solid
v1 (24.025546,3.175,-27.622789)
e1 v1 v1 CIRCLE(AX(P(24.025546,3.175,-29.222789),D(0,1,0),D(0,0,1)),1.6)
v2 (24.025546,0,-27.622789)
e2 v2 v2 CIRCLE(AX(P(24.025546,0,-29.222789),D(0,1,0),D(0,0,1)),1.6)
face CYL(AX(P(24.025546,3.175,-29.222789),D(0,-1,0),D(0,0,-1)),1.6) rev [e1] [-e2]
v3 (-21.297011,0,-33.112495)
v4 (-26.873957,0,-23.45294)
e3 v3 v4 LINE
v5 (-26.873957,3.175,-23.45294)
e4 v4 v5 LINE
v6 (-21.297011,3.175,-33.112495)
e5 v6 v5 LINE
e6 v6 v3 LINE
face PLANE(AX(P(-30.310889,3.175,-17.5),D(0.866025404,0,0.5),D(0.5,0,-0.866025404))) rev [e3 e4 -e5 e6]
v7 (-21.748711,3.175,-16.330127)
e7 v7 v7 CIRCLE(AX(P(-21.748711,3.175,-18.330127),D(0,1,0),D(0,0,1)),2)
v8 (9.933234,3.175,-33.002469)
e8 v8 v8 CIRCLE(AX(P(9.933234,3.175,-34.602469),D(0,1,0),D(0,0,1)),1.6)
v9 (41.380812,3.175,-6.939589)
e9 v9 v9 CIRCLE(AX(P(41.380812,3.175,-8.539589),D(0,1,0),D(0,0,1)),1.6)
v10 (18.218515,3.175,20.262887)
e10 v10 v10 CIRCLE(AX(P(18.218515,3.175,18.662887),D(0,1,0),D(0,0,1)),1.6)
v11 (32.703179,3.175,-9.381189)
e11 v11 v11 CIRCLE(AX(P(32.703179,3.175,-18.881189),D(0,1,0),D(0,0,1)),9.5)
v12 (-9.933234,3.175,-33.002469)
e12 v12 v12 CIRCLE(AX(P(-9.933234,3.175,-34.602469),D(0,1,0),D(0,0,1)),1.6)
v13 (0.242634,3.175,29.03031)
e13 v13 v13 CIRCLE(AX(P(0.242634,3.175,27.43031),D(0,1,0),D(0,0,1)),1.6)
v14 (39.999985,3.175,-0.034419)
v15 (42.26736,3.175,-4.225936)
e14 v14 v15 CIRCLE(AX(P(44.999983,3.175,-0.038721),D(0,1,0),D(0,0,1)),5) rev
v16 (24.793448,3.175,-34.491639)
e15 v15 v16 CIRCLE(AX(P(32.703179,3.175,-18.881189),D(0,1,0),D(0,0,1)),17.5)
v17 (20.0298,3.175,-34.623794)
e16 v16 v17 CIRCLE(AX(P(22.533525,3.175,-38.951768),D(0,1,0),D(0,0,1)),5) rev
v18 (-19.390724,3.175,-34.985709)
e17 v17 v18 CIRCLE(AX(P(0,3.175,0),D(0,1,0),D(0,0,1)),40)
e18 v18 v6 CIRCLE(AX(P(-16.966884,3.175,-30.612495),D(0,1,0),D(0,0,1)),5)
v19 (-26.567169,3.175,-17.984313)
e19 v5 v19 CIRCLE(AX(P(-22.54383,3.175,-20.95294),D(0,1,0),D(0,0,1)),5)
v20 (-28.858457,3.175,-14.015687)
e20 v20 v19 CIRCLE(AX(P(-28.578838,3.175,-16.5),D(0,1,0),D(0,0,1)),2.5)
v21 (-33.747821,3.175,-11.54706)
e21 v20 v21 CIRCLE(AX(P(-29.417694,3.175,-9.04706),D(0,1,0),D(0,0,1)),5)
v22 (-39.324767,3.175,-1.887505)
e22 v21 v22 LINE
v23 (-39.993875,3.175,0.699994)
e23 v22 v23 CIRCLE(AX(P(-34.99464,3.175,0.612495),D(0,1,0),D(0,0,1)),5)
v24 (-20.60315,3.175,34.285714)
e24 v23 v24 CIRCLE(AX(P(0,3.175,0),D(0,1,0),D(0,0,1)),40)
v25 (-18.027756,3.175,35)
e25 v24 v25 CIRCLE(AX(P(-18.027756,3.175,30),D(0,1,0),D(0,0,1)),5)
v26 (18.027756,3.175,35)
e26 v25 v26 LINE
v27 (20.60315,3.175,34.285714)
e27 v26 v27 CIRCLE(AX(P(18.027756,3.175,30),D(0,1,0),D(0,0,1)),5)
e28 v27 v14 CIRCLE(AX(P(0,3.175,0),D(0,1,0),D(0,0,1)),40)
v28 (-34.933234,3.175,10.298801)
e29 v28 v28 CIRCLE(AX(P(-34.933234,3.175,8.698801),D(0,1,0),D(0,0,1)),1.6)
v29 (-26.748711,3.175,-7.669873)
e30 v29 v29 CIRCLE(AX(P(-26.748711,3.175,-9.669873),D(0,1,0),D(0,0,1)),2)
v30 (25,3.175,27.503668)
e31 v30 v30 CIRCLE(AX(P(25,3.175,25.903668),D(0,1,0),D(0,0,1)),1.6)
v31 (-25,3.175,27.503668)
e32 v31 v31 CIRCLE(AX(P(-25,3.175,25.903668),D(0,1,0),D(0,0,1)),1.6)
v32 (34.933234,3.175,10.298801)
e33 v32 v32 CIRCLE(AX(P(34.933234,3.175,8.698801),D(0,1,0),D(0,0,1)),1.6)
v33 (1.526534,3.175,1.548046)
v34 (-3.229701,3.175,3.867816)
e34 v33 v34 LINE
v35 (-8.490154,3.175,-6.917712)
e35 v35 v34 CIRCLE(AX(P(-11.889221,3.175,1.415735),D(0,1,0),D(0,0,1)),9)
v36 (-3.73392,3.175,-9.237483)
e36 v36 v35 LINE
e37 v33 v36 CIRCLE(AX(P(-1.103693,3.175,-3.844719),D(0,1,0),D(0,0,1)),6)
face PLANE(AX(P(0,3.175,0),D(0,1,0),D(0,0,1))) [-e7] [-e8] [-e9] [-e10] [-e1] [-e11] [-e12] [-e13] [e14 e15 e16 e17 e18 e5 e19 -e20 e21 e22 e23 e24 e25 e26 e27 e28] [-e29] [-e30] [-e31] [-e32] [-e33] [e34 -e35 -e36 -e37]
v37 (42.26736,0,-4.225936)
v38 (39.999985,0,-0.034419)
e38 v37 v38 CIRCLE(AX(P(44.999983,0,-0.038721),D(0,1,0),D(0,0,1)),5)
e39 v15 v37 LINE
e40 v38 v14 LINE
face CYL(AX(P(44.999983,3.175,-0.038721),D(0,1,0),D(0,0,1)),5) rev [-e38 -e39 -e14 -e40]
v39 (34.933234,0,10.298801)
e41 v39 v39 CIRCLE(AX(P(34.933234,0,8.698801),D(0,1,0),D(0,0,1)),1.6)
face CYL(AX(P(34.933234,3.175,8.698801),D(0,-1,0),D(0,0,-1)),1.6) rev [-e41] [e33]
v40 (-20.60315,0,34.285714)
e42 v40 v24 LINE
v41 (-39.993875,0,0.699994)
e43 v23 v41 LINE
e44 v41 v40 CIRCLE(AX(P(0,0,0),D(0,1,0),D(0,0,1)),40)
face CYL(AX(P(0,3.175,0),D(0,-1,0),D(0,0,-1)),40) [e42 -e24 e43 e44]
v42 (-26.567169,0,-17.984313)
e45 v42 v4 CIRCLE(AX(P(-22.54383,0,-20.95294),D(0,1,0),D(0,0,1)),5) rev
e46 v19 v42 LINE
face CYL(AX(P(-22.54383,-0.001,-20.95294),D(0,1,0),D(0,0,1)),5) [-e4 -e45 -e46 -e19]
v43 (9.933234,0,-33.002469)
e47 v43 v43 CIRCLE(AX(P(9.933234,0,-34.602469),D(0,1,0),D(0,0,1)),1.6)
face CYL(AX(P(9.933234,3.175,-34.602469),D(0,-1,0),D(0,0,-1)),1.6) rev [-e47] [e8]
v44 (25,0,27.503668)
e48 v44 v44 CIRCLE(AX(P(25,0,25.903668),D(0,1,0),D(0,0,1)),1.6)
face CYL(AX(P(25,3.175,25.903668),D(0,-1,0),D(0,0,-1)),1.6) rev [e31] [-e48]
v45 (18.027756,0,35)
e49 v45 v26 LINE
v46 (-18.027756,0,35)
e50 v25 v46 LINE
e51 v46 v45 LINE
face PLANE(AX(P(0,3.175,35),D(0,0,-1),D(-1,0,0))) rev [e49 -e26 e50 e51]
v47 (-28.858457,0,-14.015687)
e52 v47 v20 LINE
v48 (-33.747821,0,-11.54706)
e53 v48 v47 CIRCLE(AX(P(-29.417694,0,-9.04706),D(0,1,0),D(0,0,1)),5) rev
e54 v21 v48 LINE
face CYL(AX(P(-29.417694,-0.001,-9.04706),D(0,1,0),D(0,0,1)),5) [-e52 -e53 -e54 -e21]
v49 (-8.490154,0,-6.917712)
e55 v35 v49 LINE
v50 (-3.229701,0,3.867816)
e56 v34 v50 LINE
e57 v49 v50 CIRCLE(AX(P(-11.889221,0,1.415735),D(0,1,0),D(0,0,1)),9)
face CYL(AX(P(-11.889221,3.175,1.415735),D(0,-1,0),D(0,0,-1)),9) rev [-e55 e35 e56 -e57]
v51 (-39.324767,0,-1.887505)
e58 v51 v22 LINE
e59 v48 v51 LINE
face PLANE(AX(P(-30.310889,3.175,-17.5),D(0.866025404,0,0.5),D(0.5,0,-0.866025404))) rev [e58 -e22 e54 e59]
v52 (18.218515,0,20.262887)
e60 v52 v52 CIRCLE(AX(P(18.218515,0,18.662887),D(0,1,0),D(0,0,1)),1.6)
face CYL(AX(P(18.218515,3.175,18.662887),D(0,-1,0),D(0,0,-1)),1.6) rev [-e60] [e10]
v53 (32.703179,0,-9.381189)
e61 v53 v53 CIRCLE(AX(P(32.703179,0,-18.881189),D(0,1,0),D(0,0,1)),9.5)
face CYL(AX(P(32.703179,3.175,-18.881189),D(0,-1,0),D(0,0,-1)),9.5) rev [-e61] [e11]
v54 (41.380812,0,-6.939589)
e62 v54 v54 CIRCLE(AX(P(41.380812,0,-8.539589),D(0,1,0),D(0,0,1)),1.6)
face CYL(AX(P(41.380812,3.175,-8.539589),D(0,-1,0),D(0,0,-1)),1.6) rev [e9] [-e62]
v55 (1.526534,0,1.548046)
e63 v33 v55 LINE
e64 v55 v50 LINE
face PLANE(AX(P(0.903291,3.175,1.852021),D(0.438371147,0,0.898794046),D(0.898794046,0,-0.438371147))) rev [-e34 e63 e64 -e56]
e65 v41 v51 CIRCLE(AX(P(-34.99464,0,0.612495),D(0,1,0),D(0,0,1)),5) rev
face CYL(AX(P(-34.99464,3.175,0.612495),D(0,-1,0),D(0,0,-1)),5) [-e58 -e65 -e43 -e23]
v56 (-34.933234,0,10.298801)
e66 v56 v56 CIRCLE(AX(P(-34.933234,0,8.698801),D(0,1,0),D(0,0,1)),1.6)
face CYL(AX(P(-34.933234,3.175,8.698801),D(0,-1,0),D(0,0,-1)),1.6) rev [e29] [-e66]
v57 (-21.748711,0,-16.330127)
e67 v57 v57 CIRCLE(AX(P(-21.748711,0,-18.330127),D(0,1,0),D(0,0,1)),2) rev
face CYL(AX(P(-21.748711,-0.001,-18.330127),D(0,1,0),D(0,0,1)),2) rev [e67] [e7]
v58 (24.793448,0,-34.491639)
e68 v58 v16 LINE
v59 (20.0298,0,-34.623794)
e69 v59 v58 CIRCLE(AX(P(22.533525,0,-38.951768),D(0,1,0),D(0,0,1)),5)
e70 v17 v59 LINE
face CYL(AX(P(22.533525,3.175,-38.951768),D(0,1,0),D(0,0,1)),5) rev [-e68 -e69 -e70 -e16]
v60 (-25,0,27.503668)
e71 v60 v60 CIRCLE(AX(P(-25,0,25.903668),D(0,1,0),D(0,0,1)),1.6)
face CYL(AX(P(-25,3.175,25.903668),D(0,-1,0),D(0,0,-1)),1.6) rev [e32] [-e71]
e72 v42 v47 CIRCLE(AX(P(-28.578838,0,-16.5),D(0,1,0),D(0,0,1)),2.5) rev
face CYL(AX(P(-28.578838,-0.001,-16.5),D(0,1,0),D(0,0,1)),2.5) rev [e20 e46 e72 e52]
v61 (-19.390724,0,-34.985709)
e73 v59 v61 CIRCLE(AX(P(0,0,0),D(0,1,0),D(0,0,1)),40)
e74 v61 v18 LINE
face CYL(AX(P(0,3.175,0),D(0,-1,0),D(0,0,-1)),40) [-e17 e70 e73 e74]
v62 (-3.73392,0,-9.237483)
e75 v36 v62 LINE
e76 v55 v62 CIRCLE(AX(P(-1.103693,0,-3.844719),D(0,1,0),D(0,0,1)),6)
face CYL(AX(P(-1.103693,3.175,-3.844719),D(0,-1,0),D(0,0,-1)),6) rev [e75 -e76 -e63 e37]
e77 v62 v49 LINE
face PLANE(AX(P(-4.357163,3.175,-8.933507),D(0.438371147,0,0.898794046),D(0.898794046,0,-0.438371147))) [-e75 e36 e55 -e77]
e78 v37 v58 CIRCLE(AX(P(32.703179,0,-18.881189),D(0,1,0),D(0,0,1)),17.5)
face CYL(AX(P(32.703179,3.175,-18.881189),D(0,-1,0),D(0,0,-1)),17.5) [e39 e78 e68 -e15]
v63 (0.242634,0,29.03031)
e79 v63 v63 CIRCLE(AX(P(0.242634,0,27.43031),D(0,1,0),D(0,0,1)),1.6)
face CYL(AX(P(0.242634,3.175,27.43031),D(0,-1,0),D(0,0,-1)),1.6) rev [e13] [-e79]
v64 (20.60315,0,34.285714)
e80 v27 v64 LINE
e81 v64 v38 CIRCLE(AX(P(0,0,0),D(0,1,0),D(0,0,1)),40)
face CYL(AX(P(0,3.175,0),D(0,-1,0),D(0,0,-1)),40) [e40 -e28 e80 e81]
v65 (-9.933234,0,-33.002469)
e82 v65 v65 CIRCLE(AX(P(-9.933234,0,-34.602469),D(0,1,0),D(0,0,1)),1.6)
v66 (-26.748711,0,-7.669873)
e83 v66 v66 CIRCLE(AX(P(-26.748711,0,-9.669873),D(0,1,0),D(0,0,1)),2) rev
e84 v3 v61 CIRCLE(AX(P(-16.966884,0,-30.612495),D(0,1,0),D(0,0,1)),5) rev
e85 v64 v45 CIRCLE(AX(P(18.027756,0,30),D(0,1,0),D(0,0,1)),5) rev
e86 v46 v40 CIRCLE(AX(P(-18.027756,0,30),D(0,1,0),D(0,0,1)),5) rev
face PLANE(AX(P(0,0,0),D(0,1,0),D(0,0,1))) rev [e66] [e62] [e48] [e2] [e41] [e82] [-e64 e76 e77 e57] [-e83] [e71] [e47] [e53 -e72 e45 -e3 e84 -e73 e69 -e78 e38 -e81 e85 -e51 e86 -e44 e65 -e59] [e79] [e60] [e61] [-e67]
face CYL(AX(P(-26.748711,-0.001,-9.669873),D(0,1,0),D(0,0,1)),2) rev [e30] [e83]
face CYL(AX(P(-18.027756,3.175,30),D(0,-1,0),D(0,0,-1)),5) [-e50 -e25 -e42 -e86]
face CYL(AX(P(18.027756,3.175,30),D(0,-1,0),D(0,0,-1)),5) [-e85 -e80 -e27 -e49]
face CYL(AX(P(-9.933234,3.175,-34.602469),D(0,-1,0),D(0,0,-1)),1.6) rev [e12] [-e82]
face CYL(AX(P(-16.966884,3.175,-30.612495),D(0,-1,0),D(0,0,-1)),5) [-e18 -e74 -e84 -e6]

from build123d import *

# Parameters (mm, degrees)
SKETCH2_R           = 9.5
SKETCH2_R_2         = 1.599999999
BOSS_EXTRUDE1_DEPTH = 3.175
FILLET1_R           = 5
CUT_EXTRUDE1_REACH  = 5.175
SKETCH3_R           = 2
FILLET2_R           = 5


with BuildPart() as part:
    # Sketch2 → Boss-Extrude1 (new body)
    with BuildSketch(Plane(origin=(0, 0, 0), x_dir=(1, 0, 0), z_dir=(0, 1, 0))):
        with BuildLine():
            Line((-20.628430767, 34.270509831), (-39.993347498, 0.729490169))
            ThreePointArc((-39.993347498, 0.729490169), (-34.641016151, -20), (-19.364916731, -35))
            Line((-19.364916731, -35), (19.364916731, -35))
            ThreePointArc((19.364916731, -35), (35.177698311, -19.040208548), (39.892817403, 2.92628085))
            ThreePointArc((39.892817403, 2.92628085), (47.858623368, 27.631189084), (22.480642256, 33.085052875))
            ThreePointArc((22.480642256, 33.085052875), (1.09954486, 39.984884658), (-20.628430767, 34.270509831))
        make_face()
        with Locations((32.703178801, 18.881189084)):
            Circle(SKETCH2_R, mode=Mode.SUBTRACT)
        with Locations((-9.933234274, 34.602468942)):
            Circle(SKETCH2_R_2, mode=Mode.SUBTRACT)
        with Locations((34.933234274, -8.698801248)):
            Circle(SKETCH2_R_2, mode=Mode.SUBTRACT)
        with Locations((24.025546071, 29.222789066)):
            Circle(SKETCH2_R_2, mode=Mode.SUBTRACT)
        with Locations((41.380811532, 8.539589102)):
            Circle(SKETCH2_R_2, mode=Mode.SUBTRACT)
        with Locations((9.933234274, 34.602468942)):
            Circle(SKETCH2_R_2, mode=Mode.SUBTRACT)
        with Locations((18.218514563, -18.662886757)):
            Circle(SKETCH2_R_2, mode=Mode.SUBTRACT)
        with Locations((-25, -25.903667694)):
            Circle(SKETCH2_R_2, mode=Mode.SUBTRACT)
        with Locations((0.242633637, -27.430309692)):
            Circle(SKETCH2_R_2, mode=Mode.SUBTRACT)
        with Locations((25, -25.903667694)):
            Circle(SKETCH2_R_2, mode=Mode.SUBTRACT)
        with Locations((-34.933234274, -8.698801248)):
            Circle(SKETCH2_R_2, mode=Mode.SUBTRACT)
        with BuildLine():
            Line((-3.733919578, 9.237483049), (-8.490154378, 6.917712338))
            ThreePointArc((-8.490154378, 6.917712338), (-19.978367669, -5.361075311), (-3.229700616, -3.867816217))
            Line((-3.229700616, -3.867816217), (1.526534184, -1.548045507))
            ThreePointArc((1.526534184, -1.548045507), (4.289071581, 6.474945652), (-3.733919578, 9.237483049))
        make_face(mode=Mode.SUBTRACT)
    extrude(amount=BOSS_EXTRUDE1_DEPTH)

    # Fillet1
    fillet1_edges = [part.edges().sort_by_distance(p)[0] for p in [
        (39.892817403, 1.5875, -2.92628085),
        (22.480642256, 1.5875, -33.085052875),
    ]]
    fillet(fillet1_edges, radius=FILLET1_R)

    # Sketch3 → Cut-Extrude1 (cut, up to next)
    with BuildSketch(Plane(origin=(0, 3.175, 0), x_dir=(1, 0, 0), z_dir=(0, 1, 0)), mode=Mode.PRIVATE) as cut_extrude1_sk1:
        with Locations((-26.748711306, 9.669872981)):
            Circle(SKETCH3_R)
    cut_extrude1_tool1 = extrude(cut_extrude1_sk1.sketch, amount=-CUT_EXTRUDE1_REACH, mode=Mode.PRIVATE) & part.part
    add(cut_extrude1_tool1.solids().sort_by_distance((-26.748711, 3.175, -9.669873))[0], mode=Mode.SUBTRACT)
    # Sketch3 → Cut-Extrude1 (cut, up to next)
    with BuildSketch(Plane(origin=(0, 3.175, 0), x_dir=(1, 0, 0), z_dir=(0, 1, 0)), mode=Mode.PRIVATE) as cut_extrude1_sk2:
        with Locations((-21.748711306, 18.330127019)):
            Circle(SKETCH3_R)
    cut_extrude1_tool2 = extrude(cut_extrude1_sk2.sketch, amount=-CUT_EXTRUDE1_REACH, mode=Mode.PRIVATE) & part.part
    add(cut_extrude1_tool2.solids().sort_by_distance((-21.748711, 3.175, -18.330127))[0], mode=Mode.SUBTRACT)
    # Sketch3 → Cut-Extrude1 (cut, up to next)
    with BuildSketch(Plane(origin=(0, 3.175, 0), x_dir=(1, 0, 0), z_dir=(0, 1, 0)), mode=Mode.PRIVATE) as cut_extrude1_sk3:
        with BuildLine():
            Line((-29.060889132, 19.665063509), (-27.328838325, 18.665063509))
            ThreePointArc((-27.328838325, 18.665063509), (-26.413774815, 15.25), (-29.828838325, 14.334936491))
            Line((-29.828838325, 14.334936491), (-31.560889132, 15.334936491))
            ThreePointArc((-31.560889132, 15.334936491), (-32.475952642, 18.75), (-29.060889132, 19.665063509))
        make_face()
    cut_extrude1_tool3 = extrude(cut_extrude1_sk3.sketch, amount=-CUT_EXTRUDE1_REACH, mode=Mode.PRIVATE) & part.part
    add(cut_extrude1_tool3.solids().sort_by_distance((-29.444864, 3.175, -17))[0], mode=Mode.SUBTRACT)

    # Fillet2
    fillet2_edges = [part.edges().sort_by_distance(p)[0] for p in [
        (-31.560889132, 1.5875, -15.334936491),
        (-29.060889132, 1.5875, -19.665063509),
        (19.364916731, 1.5875, 35),
        (-19.364916731, 1.5875, 35),
        (-39.993347498, 1.5875, -0.729490169),
        (-20.628430767, 1.5875, -34.270509831),
    ]]
    fillet(fillet2_edges, radius=FILLET2_R)


solid = part.part
